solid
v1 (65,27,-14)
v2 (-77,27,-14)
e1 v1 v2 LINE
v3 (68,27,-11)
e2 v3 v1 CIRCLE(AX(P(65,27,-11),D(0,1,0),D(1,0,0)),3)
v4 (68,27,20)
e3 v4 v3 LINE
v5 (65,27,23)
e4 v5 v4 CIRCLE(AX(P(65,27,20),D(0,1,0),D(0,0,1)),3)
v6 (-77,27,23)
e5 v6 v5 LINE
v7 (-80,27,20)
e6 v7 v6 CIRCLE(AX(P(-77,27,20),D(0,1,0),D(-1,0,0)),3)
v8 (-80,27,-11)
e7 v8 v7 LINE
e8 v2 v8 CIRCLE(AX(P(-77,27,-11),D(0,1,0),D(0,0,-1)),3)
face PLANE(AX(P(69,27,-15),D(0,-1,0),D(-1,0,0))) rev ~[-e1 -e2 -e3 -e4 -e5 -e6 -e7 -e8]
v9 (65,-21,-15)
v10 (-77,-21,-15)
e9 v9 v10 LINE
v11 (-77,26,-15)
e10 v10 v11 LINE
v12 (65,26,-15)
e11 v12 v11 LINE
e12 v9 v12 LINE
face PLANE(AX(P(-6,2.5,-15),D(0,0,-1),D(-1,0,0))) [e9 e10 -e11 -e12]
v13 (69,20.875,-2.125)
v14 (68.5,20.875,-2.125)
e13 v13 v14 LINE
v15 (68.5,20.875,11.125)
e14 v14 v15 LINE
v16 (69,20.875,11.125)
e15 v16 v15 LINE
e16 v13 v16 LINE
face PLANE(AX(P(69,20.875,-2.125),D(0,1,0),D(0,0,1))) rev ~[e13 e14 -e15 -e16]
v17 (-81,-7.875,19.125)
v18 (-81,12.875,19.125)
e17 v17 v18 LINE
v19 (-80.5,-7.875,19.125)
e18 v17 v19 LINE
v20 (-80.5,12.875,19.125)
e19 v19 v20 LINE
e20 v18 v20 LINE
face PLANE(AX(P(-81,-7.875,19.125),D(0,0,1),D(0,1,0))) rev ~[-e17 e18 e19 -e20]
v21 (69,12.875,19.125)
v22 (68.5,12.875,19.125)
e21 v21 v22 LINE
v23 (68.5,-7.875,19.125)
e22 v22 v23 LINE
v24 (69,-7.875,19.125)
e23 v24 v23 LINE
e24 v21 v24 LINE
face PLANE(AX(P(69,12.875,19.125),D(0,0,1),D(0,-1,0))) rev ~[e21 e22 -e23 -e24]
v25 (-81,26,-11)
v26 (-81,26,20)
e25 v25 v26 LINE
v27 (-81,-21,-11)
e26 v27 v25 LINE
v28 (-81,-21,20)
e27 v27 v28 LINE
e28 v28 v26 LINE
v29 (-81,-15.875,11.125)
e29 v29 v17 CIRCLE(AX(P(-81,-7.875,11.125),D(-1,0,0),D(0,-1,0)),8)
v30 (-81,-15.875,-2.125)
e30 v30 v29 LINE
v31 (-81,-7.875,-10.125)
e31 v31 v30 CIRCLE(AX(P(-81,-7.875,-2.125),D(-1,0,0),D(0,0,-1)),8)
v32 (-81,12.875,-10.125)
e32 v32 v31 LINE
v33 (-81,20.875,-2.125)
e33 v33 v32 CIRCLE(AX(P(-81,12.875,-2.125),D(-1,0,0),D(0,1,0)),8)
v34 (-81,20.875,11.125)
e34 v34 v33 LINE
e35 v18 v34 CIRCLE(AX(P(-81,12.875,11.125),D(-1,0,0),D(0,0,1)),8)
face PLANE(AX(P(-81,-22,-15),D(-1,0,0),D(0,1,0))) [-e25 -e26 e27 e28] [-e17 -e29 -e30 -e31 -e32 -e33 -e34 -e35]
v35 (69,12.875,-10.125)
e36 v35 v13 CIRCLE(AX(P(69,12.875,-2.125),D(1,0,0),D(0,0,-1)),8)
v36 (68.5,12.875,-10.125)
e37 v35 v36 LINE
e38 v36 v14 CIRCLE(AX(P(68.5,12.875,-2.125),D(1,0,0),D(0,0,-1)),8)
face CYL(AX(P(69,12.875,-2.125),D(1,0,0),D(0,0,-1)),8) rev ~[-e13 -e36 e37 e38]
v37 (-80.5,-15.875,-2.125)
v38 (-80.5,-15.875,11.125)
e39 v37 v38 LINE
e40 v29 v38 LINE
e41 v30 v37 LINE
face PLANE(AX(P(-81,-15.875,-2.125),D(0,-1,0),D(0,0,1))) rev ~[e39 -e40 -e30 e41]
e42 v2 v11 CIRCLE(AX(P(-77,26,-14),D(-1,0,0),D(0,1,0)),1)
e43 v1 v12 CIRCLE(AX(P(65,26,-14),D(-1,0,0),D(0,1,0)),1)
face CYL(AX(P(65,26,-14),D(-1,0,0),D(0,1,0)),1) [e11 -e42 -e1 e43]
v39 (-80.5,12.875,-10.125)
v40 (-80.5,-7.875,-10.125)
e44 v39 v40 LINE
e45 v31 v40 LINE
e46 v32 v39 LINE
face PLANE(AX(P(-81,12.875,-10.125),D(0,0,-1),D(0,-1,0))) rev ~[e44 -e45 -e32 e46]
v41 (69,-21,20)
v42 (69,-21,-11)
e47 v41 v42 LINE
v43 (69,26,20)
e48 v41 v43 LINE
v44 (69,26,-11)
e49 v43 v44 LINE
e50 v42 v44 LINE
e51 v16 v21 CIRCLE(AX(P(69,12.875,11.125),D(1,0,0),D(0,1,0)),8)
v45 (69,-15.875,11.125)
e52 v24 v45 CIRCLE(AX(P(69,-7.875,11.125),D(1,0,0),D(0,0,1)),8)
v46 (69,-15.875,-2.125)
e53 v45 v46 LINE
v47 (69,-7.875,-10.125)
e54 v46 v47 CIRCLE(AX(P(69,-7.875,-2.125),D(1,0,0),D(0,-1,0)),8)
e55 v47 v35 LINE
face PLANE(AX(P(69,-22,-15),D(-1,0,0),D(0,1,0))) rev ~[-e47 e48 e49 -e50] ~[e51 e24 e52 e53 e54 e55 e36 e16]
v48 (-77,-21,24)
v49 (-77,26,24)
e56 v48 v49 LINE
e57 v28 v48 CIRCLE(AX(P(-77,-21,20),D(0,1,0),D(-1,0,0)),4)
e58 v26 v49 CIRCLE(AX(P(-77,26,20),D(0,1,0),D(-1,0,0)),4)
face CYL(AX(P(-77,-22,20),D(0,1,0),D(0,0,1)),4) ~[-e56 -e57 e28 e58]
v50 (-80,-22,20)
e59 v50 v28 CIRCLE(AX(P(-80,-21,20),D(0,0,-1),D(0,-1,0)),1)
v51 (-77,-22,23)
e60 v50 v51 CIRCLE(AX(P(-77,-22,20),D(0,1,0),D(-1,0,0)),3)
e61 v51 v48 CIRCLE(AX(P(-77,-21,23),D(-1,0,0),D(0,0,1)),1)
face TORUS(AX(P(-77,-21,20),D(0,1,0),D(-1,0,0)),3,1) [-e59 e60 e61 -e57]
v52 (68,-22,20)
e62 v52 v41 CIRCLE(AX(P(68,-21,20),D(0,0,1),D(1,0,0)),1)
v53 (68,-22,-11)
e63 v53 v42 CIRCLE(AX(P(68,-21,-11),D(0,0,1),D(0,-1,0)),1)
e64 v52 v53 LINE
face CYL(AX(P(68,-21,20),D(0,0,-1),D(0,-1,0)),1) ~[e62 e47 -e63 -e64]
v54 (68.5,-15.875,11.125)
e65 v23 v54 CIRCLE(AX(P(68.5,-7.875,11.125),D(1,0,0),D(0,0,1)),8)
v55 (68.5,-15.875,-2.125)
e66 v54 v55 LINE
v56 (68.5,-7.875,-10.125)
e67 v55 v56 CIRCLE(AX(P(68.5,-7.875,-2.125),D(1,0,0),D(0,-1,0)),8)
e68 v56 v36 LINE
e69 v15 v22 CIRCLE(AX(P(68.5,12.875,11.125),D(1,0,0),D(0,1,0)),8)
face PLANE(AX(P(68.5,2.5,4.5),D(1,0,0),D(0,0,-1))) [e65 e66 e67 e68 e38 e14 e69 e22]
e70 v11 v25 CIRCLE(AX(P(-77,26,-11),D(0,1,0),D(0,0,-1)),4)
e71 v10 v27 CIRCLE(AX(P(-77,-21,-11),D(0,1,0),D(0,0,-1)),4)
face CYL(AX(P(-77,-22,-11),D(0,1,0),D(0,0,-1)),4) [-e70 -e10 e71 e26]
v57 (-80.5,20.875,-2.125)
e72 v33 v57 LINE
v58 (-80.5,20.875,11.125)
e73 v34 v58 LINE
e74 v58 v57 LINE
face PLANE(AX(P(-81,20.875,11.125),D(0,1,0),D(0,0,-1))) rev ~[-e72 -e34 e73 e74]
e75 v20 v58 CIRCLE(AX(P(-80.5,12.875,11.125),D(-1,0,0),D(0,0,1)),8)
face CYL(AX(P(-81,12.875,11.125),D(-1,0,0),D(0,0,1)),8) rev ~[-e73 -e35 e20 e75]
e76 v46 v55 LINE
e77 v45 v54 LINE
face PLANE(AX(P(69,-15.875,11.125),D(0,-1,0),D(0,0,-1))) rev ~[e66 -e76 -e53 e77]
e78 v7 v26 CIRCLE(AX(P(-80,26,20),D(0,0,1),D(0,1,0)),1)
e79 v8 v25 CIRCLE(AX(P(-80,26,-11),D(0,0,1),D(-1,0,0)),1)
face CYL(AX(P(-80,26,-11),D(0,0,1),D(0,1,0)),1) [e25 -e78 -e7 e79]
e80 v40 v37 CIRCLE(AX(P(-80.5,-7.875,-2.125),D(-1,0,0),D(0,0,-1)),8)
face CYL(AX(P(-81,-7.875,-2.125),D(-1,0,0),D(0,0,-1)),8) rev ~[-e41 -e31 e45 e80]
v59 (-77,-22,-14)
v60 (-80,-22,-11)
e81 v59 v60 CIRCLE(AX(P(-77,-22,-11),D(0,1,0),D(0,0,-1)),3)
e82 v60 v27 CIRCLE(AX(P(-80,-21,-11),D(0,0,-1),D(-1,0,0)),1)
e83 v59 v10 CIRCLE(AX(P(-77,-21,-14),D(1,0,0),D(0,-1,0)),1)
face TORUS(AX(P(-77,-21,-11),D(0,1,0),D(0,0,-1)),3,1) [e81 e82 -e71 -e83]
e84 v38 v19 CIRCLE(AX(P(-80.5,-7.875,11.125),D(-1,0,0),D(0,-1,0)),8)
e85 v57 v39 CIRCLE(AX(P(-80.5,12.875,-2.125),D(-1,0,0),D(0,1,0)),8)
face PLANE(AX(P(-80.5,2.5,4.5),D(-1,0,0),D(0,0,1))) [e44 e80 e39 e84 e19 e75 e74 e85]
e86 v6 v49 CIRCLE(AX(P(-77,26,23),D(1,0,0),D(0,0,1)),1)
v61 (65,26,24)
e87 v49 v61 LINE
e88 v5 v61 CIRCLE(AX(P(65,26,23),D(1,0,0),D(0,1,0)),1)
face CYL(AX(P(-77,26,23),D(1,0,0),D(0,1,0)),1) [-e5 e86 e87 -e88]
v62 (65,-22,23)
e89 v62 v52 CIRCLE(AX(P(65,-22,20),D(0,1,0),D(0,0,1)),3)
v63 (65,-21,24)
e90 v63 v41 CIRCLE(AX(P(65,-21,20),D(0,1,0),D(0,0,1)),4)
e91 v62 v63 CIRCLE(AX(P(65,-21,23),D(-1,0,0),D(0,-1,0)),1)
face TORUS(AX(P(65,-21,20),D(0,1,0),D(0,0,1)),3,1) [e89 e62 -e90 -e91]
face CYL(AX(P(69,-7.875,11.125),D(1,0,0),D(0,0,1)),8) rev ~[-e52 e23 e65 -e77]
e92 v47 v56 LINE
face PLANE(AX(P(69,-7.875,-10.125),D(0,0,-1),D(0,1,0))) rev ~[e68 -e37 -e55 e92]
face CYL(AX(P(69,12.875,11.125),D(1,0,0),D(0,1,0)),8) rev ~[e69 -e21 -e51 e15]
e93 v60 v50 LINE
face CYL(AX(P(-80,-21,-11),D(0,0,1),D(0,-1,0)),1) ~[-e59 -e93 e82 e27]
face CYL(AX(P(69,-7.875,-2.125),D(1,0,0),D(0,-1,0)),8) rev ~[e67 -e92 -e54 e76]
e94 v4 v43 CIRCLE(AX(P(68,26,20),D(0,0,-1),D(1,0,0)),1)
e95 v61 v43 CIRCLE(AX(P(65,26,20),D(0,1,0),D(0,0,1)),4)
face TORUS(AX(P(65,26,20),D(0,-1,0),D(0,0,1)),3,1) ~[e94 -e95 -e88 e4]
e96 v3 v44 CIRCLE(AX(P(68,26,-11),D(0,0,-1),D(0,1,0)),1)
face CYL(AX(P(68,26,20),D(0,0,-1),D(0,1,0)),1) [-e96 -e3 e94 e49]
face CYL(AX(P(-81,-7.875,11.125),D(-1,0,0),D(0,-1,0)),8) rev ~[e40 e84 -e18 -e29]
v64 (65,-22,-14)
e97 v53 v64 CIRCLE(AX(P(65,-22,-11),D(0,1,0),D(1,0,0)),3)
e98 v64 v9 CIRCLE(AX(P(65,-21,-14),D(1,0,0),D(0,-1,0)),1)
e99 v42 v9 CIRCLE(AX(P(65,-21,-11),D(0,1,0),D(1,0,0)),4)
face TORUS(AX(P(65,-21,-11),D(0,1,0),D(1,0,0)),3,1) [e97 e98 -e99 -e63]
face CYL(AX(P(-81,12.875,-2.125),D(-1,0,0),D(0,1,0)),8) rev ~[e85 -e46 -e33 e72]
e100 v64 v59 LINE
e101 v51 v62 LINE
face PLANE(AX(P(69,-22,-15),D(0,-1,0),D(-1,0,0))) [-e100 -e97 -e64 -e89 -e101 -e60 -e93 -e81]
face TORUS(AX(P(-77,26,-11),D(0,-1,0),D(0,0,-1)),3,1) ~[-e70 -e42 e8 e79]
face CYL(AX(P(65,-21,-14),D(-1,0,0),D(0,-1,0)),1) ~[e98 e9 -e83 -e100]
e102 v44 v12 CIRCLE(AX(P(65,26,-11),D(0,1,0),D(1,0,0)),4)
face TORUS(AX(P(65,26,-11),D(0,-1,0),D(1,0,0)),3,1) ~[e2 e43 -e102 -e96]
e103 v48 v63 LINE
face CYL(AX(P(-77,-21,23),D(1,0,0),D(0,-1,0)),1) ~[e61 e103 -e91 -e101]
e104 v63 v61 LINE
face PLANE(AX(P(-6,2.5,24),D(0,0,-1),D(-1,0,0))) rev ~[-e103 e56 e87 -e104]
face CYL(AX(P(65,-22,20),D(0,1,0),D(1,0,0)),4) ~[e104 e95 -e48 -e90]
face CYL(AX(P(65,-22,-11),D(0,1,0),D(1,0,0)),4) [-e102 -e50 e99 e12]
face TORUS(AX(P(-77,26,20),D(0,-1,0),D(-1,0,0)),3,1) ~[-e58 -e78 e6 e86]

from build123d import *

# Parameters (mm, degrees)
SKETCH1_W           = 150
SKETCH1_H           = 49
BOSS_EXTRUDE1_DEPTH = 39
CUT_EXTRUDE1_DEPTH  = 0.5
CUT_EXTRUDE2_DEPTH  = 0.5
FILLET1_R           = 4
FILLET2_R           = 1


with BuildPart() as part:
    # Sketch1 → Boss-Extrude1 (new body)
    with BuildSketch(Plane(origin=(0, 0, -15), x_dir=(-1, 0, 0), z_dir=(0, 0, -1))):
        with Locations((6, 2.5)):
            Rectangle(SKETCH1_W, SKETCH1_H)
    extrude(amount=-BOSS_EXTRUDE1_DEPTH)

    # Sketch2 → Cut-Extrude1 (cut)
    with BuildSketch(Plane(origin=(69, 0, 0), x_dir=(0, 0, -1), z_dir=(1, 0, 0))):
        with BuildLine():
            Line((-19.125, 12.875), (-19.125, -7.875))
            ThreePointArc((-19.125, -7.875), (-16.781854249, -13.531854249), (-11.125, -15.875))
            Line((-11.125, -15.875), (2.125, -15.875))
            ThreePointArc((2.125, -15.875), (7.781854249, -13.531854249), (10.125, -7.875))
            Line((10.125, -7.875), (10.125, 12.875))
            ThreePointArc((10.125, 12.875), (7.781854249, 18.531854249), (2.125, 20.875))
            Line((2.125, 20.875), (-11.125, 20.875))
            ThreePointArc((-11.125, 20.875), (-16.781854249, 18.531854249), (-19.125, 12.875))
        make_face()
    extrude(amount=-CUT_EXTRUDE1_DEPTH, mode=Mode.SUBTRACT)

    # Sketch3 → Cut-Extrude2 (cut)
    with BuildSketch(Plane.ZY.offset(81)):
        with BuildLine():
            Line((11.125, 20.875), (-2.125, 20.875))
            ThreePointArc((-2.125, 20.875), (-7.781854249, 18.531854249), (-10.125, 12.875))
            Line((-10.125, 12.875), (-10.125, -7.875))
            ThreePointArc((-10.125, -7.875), (-7.781854249, -13.531854249), (-2.125, -15.875))
            Line((-2.125, -15.875), (11.125, -15.875))
            ThreePointArc((11.125, -15.875), (16.781854249, -13.531854249), (19.125, -7.875))
            Line((19.125, -7.875), (19.125, 12.875))
            ThreePointArc((19.125, 12.875), (16.781854249, 18.531854249), (11.125, 20.875))
        make_face()
    extrude(amount=-CUT_EXTRUDE2_DEPTH, mode=Mode.SUBTRACT)

    # Fillet1
    fillet1_edges = [part.edges().sort_by_distance(p)[0] for p in [
        (-81, 2.5, 24),
        (69, 2.5, 24),
        (-81, 2.5, -15),
        (69, 2.5, -15),
    ]]
    fillet(fillet1_edges, radius=FILLET1_R)

    # Fillet2
    fillet2_edges = [part.edges().sort_by_distance(p)[0] for p in [
        (-6, -22, -15),
        (-6, 27, -15),
        (-81, 27, 4.5),
        (-6, 27, 24),
        (69, 27, 4.5),
        (67.828427125, 27, 22.828427125),
        (67.828427125, 27, -13.828427125),
        (-79.828427125, 27, 22.828427125),
        (-79.828427125, 27, -13.828427125),
        (-81, -22, 4.5),
        (69, -22, 4.5),
        (-6, -22, 24),
        (67.828427125, -22, 22.828427125),
        (67.828427125, -22, -13.828427125),
        (-79.828427125, -22, 22.828427125),
        (-79.828427125, -22, -13.828427125),
    ]]
    fillet(fillet2_edges, radius=FILLET2_R)


solid = part.part
